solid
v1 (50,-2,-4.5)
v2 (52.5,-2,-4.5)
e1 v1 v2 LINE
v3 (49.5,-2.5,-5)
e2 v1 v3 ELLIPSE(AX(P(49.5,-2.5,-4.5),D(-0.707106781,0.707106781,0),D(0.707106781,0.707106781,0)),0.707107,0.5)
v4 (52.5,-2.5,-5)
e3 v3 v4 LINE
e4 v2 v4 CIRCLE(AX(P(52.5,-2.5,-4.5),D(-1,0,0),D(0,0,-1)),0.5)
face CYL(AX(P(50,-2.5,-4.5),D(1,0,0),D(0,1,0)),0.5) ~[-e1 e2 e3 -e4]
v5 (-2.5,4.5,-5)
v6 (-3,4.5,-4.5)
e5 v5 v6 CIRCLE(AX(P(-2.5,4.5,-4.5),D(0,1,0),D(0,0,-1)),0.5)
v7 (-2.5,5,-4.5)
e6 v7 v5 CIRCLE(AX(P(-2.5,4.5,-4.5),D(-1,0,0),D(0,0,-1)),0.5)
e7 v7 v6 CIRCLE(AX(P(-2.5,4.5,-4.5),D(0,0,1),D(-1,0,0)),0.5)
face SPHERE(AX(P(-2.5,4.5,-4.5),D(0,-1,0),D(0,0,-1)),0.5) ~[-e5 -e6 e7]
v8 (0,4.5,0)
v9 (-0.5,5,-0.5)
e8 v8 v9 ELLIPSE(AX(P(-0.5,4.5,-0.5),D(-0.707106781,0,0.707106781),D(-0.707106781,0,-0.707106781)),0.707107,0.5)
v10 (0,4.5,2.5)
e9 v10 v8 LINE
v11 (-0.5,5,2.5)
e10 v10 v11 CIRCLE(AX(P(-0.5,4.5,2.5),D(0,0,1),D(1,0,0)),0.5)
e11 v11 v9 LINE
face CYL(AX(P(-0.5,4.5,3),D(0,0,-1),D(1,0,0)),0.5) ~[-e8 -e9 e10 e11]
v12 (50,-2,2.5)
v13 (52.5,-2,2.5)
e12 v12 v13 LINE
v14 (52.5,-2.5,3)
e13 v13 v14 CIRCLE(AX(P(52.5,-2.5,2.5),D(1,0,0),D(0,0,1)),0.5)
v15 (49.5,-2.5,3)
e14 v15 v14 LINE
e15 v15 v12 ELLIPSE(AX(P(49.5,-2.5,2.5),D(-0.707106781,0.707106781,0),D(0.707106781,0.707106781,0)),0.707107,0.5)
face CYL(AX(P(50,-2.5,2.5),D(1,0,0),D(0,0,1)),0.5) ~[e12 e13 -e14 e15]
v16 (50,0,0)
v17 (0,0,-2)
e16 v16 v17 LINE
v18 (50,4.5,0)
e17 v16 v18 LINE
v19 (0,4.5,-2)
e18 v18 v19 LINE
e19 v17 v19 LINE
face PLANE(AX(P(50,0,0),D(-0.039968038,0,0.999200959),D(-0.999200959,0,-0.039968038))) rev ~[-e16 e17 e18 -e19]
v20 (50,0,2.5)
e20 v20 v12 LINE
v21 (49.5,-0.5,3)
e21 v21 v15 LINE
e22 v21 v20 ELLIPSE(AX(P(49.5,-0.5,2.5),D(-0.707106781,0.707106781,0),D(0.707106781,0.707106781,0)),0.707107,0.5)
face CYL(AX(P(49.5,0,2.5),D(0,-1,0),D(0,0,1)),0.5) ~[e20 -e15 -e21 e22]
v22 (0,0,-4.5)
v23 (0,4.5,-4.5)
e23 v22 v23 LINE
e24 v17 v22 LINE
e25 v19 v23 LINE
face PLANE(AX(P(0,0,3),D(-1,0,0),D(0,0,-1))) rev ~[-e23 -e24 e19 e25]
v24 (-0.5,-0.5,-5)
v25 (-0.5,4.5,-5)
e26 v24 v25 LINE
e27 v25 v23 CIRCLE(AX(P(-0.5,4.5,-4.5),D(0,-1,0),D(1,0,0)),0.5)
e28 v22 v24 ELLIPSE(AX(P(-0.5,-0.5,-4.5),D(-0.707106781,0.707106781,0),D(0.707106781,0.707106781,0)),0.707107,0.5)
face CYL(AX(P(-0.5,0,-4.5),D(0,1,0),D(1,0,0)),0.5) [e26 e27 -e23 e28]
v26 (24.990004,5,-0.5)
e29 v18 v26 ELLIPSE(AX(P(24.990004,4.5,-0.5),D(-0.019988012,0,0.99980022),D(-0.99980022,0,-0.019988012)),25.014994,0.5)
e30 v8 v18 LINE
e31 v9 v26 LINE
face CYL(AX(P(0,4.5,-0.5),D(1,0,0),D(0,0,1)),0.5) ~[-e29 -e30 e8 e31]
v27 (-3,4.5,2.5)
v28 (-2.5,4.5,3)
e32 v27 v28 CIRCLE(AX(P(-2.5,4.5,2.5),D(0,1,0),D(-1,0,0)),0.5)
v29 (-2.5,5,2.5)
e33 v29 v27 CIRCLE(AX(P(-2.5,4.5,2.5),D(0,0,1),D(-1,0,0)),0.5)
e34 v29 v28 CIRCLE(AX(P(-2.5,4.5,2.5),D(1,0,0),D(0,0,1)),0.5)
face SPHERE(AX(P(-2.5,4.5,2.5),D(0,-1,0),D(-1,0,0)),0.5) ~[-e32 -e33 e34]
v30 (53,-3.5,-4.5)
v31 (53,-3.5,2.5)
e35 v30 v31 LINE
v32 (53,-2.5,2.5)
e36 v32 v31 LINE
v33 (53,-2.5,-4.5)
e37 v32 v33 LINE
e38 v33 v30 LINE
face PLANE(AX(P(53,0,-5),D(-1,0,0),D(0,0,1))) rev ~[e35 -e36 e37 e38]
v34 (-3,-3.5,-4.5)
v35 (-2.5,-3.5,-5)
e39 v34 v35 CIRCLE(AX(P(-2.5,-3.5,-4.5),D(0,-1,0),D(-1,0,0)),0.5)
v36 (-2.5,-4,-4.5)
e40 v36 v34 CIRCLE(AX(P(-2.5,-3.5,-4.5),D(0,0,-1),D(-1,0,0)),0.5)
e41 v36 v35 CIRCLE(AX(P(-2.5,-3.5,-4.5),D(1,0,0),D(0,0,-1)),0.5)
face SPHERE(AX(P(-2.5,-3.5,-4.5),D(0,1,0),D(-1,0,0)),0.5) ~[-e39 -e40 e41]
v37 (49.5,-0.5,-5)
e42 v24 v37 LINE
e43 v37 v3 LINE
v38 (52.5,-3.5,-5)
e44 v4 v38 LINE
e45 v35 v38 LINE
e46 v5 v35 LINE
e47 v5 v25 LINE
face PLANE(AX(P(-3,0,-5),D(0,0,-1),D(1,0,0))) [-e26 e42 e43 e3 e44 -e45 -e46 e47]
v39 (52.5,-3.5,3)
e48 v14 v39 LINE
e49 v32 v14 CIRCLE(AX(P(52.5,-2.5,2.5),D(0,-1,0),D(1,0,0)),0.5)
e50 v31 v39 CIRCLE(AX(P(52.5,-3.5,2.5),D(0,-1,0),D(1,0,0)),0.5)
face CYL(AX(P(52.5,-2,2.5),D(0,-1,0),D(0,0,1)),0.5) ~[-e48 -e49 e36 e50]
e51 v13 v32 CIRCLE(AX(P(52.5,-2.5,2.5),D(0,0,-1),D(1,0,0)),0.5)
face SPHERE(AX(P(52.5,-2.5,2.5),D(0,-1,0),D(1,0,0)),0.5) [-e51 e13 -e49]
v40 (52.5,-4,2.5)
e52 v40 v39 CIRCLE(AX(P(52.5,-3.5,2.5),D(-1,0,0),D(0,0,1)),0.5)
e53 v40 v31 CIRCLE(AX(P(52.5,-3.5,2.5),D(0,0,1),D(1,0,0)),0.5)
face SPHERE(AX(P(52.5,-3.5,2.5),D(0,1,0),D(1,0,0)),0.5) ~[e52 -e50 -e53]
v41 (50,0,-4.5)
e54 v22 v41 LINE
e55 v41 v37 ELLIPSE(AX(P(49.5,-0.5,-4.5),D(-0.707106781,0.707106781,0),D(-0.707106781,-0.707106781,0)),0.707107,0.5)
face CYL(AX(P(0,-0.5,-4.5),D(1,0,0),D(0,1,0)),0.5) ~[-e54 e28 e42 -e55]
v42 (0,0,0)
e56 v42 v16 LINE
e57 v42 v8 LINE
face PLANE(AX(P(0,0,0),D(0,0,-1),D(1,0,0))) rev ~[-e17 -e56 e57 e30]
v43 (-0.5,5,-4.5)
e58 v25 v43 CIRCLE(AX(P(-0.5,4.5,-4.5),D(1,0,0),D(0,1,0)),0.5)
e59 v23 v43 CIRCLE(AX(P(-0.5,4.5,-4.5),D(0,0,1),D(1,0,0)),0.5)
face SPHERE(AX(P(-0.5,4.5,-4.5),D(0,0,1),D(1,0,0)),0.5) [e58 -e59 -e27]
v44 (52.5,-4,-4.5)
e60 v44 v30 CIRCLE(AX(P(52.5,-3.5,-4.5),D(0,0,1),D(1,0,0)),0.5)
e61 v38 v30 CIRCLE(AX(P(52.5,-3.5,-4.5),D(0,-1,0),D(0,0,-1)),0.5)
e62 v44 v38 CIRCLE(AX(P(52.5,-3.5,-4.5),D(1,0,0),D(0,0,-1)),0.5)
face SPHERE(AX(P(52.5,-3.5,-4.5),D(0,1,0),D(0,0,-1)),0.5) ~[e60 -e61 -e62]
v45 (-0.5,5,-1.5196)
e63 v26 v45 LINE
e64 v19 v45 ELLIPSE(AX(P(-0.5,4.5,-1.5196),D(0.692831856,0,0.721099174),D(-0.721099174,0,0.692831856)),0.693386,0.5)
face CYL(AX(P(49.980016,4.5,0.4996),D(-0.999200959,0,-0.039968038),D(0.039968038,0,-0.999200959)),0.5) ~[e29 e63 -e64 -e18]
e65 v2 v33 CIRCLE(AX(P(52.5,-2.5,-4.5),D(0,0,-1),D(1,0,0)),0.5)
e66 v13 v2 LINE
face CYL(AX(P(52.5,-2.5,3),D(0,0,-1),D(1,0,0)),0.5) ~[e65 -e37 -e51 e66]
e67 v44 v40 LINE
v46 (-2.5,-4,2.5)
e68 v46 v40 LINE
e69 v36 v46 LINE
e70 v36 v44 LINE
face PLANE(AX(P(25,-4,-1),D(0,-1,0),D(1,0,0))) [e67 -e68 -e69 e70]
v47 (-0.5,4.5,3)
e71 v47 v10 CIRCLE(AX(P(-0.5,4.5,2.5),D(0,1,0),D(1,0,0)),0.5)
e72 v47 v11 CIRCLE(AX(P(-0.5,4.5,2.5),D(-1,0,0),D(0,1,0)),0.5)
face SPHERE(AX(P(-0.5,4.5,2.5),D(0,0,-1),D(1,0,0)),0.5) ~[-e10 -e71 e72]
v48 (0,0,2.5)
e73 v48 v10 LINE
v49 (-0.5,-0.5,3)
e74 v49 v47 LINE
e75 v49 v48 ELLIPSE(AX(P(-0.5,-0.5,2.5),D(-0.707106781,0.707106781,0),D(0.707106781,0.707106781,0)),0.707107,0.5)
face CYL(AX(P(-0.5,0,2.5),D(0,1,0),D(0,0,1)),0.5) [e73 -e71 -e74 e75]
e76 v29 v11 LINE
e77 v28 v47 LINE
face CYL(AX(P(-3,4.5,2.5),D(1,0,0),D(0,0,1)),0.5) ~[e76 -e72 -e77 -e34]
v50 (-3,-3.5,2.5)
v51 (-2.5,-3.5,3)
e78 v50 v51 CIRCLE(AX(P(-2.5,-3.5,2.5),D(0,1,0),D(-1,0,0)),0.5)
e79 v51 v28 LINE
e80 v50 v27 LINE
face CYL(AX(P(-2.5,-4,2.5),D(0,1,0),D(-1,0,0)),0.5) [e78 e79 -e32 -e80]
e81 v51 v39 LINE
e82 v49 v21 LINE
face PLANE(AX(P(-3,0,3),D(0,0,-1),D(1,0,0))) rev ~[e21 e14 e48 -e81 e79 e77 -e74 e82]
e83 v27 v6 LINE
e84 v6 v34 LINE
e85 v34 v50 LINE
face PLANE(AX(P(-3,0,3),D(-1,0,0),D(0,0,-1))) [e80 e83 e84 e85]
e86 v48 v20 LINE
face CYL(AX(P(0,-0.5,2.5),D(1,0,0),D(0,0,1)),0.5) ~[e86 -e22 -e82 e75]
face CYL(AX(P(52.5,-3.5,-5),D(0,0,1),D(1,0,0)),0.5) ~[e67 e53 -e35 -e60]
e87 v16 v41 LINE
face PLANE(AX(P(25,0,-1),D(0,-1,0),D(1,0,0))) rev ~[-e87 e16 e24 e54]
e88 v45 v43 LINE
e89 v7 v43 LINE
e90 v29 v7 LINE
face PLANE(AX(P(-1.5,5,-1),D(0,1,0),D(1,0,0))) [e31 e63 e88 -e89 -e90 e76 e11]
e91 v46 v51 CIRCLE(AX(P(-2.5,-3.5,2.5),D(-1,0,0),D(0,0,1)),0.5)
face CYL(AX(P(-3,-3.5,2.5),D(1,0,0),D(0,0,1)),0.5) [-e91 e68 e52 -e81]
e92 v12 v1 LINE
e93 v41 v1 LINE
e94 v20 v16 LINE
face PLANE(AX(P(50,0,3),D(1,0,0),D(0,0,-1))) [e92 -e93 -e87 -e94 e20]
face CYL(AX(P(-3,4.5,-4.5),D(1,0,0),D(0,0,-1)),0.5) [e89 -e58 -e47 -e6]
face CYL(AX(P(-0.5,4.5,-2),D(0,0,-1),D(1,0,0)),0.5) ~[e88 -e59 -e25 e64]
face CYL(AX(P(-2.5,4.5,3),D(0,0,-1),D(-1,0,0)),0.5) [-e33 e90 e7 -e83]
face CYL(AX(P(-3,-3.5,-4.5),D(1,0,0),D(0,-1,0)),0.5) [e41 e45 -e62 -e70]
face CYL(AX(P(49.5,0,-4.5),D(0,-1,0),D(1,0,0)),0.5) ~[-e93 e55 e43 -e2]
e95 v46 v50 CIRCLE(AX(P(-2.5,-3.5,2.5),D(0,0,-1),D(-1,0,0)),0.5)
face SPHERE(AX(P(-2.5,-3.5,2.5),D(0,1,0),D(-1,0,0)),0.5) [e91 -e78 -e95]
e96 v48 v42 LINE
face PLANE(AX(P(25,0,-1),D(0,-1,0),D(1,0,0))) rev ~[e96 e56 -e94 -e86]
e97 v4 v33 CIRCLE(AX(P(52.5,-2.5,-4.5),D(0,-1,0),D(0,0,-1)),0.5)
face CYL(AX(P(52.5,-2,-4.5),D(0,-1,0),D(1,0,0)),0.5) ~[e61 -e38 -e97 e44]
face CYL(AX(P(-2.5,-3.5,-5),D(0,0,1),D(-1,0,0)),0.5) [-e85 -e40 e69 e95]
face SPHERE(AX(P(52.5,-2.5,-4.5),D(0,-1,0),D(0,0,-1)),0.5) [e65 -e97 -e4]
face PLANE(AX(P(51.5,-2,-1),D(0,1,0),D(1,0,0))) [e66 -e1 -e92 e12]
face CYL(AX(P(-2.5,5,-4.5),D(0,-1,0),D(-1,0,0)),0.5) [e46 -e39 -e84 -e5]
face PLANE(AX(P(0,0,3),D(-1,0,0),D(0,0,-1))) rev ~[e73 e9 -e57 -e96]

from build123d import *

# Parameters (mm, degrees)
BOSS_EXTRUDE1_DEPTH = 5
SKETCH2_W           = 56
SKETCH2_H           = 8
BOSS_EXTRUDE2_DEPTH = 4
SKETCH3_3_W         = 3
SKETCH3_3_H         = 8
CUT_EXTRUDE2_DEPTH  = 2
SKETCH3_W           = 3
SKETCH3_H           = 8
BOSS_EXTRUDE4_DEPTH = 5
FILLET1_R           = 0.5


with BuildPart() as part:
    # Sketch1 → Boss-Extrude1 (new body)
    with BuildSketch(Plane(origin=(0, 0, 0), x_dir=(1, 0, 0), z_dir=(0, 1, 0))):
        Polygon((0, 0), (50, 0), (0, 2), align=None)
    extrude(amount=BOSS_EXTRUDE1_DEPTH)

    # Sketch2 → Boss-Extrude2 (add)
    with BuildSketch(Plane.XZ):
        with Locations((25, -1)):
            Rectangle(SKETCH2_W, SKETCH2_H)
    extrude(amount=BOSS_EXTRUDE2_DEPTH)

    # Sketch3<3> → Cut-Extrude2 (cut)
    with BuildSketch(Plane(origin=(0, 0, 0), x_dir=(1, 0, 0), z_dir=(0, 1, 0))):
        with Locations((51.5, 1)):
            Rectangle(SKETCH3_3_W, SKETCH3_3_H)
    extrude(amount=-CUT_EXTRUDE2_DEPTH, mode=Mode.SUBTRACT)

    # Sketch3 → Boss-Extrude4 (add)
    with BuildSketch(Plane(origin=(0, 0, 0), x_dir=(1, 0, 0), z_dir=(0, 1, 0))):
        with Locations((-1.5, 1)):
            Rectangle(SKETCH3_W, SKETCH3_H)
        with Locations((51.5, 1)):
            Rectangle(SKETCH3_W, SKETCH3_H)
    extrude(amount=BOSS_EXTRUDE4_DEPTH)


with BuildPart() as boss_extrude4_kept_piece:
    # of the separate pieces the step leaves, the one the design keeps (boss_extrude4_pieces_kept)
    add(part.part.solids().sort_by_distance((0, 0, 3))[0])

    # Fillet1
    fillet1_edges = [boss_extrude4_kept_piece.edges().sort_by_distance(p)[0] for p in [
        (-3, 0.5, 3),
        (25, 5, -1),
        (-3, 0.5, -5),
        (53, -3, -5),
        (53, -3, 3),
        (-3, -4, -1),
        (25, -4, -5),
        (53, -4, -1),
        (25, -4, 3),
        (25, 0, 3),
        (51.5, -2, -5),
        (50, -1, -5),
        (53, -2, -1),
        (51.5, -2, 3),
        (50, -1, 3),
        (25, 0, -5),
        (0, 5, 1.5),
        (0, 2.5, 3),
        (0, 5, -3.5),
        (0, 2.5, -5),
        (-1.5, 5, -5),
        (-3, 5, -1),
        (-1.5, 5, 3),
        (25, 5, 0),
    ]]
    fillet(fillet1_edges, radius=FILLET1_R)


solid = boss_extrude4_kept_piece.part
